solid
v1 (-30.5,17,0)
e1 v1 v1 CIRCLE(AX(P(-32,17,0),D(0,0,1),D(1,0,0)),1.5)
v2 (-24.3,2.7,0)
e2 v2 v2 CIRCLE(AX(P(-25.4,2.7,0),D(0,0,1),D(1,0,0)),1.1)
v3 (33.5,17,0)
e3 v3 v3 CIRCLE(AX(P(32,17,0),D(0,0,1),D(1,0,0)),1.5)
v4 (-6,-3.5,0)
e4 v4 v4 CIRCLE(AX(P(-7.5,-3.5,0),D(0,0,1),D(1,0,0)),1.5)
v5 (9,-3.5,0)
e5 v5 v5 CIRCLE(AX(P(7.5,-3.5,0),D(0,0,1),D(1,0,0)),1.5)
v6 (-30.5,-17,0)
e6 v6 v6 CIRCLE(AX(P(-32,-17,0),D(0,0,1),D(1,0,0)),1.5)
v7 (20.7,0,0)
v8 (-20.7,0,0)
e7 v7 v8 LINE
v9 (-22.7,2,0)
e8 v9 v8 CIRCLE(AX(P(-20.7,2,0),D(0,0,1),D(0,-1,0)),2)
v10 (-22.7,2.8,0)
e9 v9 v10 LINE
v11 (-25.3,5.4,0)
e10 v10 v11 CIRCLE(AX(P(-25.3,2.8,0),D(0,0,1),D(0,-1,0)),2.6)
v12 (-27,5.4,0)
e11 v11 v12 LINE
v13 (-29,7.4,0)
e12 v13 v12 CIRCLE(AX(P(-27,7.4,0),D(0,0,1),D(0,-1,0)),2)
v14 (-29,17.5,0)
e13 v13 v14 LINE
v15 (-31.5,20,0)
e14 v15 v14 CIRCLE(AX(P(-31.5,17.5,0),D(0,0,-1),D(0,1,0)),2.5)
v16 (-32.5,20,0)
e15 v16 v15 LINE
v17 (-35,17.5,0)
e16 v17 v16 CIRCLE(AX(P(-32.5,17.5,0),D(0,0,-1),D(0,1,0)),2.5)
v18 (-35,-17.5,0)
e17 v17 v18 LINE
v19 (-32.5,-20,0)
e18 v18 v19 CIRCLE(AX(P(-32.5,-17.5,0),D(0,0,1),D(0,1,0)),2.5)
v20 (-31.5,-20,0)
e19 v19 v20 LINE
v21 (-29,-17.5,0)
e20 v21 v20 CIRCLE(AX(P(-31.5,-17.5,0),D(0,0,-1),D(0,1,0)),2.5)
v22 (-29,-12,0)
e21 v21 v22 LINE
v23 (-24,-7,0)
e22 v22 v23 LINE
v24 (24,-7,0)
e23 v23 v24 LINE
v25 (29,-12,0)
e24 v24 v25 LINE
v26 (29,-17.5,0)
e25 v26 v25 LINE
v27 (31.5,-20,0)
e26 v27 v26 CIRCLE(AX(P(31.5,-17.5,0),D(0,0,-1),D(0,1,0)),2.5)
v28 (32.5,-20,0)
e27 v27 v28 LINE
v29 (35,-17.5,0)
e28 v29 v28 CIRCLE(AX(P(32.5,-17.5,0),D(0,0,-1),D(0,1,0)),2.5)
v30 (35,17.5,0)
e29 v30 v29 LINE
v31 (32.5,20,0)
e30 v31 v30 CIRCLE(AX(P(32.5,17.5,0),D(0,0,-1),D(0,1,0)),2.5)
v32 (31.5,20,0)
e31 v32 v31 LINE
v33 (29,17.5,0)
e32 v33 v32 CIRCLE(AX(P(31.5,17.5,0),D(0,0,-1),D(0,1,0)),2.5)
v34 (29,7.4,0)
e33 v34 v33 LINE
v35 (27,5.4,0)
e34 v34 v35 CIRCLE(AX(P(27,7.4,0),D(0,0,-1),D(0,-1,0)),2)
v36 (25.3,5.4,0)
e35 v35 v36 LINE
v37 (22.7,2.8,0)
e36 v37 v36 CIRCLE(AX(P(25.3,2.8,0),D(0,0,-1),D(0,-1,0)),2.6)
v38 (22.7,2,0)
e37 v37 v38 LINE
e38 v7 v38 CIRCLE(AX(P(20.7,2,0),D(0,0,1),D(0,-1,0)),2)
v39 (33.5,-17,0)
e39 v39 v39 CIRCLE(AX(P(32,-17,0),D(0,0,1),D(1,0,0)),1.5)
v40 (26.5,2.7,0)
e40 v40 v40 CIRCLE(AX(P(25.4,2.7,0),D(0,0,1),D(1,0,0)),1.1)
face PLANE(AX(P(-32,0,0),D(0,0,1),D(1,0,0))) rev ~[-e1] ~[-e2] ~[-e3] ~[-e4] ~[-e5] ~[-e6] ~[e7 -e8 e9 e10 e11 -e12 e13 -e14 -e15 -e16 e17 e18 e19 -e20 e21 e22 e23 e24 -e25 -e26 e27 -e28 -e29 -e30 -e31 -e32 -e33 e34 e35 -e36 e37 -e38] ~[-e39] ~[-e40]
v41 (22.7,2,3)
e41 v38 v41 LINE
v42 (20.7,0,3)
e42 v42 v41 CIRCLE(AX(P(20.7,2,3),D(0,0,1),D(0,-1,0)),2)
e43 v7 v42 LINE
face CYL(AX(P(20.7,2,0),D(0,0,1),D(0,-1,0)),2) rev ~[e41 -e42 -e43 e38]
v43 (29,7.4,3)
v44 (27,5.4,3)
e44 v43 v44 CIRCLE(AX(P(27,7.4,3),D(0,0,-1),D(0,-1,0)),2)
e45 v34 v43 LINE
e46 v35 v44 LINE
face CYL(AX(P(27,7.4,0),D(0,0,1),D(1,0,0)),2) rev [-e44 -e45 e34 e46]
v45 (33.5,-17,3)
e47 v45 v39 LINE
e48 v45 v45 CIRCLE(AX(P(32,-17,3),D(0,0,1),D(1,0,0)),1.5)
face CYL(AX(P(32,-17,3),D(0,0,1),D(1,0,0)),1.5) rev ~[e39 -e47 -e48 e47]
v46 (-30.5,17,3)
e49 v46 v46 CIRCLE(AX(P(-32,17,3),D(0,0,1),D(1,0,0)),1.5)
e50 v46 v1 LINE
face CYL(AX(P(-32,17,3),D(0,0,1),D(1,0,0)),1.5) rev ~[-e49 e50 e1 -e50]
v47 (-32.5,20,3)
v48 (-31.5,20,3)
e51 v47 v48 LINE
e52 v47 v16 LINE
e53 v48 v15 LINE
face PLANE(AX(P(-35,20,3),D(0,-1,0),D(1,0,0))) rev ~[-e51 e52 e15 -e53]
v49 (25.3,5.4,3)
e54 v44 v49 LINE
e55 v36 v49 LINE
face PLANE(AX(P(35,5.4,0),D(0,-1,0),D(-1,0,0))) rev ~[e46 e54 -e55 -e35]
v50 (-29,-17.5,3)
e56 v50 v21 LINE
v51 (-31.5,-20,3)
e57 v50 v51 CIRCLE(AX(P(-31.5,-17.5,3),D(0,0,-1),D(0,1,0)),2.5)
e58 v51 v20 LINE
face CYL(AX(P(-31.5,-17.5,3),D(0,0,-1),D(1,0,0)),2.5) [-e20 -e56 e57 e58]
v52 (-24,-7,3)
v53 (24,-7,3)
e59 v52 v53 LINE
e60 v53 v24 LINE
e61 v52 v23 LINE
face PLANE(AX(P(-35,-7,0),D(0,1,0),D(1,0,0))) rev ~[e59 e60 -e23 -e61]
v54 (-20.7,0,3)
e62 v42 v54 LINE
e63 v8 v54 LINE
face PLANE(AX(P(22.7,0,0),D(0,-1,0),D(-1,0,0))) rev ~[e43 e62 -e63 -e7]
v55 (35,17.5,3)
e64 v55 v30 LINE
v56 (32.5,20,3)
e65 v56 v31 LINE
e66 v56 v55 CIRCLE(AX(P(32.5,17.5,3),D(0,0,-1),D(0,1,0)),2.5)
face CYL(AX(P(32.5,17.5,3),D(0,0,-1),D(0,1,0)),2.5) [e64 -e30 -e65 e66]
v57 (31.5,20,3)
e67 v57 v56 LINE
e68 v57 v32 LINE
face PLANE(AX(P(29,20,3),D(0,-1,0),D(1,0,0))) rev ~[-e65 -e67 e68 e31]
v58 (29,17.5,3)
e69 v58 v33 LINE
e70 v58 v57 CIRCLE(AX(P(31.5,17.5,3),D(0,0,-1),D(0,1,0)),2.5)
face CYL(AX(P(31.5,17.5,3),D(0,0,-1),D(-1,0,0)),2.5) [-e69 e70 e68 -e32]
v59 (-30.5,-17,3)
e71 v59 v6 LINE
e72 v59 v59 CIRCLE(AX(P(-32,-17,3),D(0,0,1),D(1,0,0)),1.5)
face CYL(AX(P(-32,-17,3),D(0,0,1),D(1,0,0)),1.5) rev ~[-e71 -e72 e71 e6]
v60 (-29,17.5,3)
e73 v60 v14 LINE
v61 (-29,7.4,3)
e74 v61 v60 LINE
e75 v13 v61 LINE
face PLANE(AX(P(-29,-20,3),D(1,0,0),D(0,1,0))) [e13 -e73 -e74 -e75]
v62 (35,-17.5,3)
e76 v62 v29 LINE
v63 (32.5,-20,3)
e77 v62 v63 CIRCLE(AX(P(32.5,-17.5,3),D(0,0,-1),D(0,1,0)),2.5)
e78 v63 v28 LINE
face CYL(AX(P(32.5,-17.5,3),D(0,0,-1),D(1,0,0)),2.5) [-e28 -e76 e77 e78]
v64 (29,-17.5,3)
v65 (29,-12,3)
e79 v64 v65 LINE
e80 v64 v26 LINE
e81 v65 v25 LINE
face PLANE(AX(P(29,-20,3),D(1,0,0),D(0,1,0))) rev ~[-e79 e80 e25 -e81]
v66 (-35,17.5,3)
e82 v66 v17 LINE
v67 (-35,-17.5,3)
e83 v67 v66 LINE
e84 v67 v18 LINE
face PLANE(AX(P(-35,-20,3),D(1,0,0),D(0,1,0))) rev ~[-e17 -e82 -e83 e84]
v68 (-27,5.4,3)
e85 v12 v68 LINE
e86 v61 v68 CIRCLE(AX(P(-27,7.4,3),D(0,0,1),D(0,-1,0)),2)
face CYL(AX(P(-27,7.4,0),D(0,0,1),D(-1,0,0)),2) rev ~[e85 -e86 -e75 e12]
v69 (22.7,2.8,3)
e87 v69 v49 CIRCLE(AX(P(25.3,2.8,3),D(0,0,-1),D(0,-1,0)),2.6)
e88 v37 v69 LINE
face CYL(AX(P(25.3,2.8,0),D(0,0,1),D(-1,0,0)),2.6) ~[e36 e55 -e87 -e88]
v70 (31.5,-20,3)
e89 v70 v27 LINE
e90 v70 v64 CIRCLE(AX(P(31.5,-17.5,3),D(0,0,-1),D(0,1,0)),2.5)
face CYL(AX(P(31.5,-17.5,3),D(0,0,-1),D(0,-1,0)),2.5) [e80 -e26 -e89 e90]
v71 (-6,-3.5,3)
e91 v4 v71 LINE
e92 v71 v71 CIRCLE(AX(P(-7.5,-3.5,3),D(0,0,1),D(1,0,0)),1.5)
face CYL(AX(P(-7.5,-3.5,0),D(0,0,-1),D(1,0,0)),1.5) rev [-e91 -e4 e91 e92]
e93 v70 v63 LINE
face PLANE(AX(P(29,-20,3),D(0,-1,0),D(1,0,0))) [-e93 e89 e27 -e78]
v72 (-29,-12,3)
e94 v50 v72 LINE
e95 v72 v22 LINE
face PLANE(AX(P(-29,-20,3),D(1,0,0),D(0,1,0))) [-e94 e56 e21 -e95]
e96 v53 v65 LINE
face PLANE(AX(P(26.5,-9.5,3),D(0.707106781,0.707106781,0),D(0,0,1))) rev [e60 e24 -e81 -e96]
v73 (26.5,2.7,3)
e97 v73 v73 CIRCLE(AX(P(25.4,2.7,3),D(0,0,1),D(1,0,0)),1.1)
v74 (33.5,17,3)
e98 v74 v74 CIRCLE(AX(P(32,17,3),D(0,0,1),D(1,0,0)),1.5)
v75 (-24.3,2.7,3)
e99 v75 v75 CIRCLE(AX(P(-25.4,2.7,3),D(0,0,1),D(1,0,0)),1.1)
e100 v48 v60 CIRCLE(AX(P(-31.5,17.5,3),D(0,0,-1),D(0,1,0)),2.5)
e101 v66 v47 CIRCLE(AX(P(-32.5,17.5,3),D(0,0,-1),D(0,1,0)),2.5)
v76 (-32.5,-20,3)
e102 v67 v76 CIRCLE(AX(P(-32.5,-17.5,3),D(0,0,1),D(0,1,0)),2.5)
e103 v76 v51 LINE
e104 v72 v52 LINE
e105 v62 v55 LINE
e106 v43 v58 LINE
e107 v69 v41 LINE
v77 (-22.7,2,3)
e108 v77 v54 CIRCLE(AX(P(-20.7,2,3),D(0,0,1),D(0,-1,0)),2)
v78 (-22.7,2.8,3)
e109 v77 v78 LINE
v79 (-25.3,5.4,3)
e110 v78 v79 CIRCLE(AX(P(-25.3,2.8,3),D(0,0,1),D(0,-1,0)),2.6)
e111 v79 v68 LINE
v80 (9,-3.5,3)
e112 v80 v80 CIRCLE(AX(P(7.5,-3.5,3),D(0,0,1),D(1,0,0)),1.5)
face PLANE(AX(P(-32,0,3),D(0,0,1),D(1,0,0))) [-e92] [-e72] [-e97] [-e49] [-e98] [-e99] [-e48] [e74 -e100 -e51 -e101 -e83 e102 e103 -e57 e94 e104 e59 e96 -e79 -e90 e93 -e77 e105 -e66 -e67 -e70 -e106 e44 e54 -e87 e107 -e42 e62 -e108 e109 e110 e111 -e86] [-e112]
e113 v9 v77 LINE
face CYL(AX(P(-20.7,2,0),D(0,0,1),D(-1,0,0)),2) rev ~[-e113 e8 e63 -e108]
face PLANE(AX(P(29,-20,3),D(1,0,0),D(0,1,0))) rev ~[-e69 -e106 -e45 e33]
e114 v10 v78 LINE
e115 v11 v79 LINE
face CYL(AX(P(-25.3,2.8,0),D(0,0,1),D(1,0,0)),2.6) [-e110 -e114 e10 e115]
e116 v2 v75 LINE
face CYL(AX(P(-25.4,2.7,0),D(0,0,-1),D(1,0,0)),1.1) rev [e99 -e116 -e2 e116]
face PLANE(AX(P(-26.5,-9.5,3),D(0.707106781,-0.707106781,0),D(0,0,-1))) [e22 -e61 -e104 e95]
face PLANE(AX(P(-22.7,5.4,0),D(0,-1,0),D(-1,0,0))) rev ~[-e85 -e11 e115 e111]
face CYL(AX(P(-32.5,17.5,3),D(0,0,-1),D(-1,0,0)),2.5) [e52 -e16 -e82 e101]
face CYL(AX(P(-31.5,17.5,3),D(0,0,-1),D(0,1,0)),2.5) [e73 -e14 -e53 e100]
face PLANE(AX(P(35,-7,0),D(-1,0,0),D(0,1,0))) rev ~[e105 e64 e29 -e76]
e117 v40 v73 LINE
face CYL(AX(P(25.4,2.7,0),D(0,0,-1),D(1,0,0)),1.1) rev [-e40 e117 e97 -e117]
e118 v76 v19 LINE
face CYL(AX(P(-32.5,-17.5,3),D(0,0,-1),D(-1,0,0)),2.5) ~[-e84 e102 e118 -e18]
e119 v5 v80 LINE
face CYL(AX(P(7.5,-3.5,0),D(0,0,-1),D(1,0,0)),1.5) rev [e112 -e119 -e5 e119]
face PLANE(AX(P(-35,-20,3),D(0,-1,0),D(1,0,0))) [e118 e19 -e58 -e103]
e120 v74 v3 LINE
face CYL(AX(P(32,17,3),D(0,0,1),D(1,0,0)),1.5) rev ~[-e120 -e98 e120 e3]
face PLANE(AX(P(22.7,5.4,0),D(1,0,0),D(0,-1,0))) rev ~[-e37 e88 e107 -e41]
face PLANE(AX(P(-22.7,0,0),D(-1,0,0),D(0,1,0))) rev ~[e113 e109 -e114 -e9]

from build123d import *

# Parameters (mm, degrees)
SKETCH_R     = 1.5
SKETCH_R_2   = 1.1
PAD_DEPTH    = 3
FILLET_R     = 2.6
SKETCH001_W  = 6
SKETCH001_H  = 40
SKETCH001_R  = 1.5
PAD001_DEPTH = 3
FILLET001_R  = 2.5
CHAMFER_SIZE = 5
FILLET002_R  = 2


with BuildPart() as part:
    # Sketch → Pad (new body)
    with BuildSketch(Plane.XY):
        Polygon((-22.7, 0), (-22.7, 5.4), (-35, 5.4), (-35, -7), (35, -7), (35, 5.4), (22.7, 5.4), (22.7, 0), align=None)
        with Locations((-7.5, -3.5)):
            Circle(SKETCH_R, mode=Mode.SUBTRACT)
        with Locations((7.5, -3.5)):
            Circle(SKETCH_R, mode=Mode.SUBTRACT)
        with Locations((-25.4, 2.7)):
            Circle(SKETCH_R_2, mode=Mode.SUBTRACT)
        with Locations((25.4, 2.7)):
            Circle(SKETCH_R_2, mode=Mode.SUBTRACT)
    extrude(amount=PAD_DEPTH)

    # Fillet
    fillet_edges = [part.edges().sort_by_distance(p)[0] for p in [
        (-22.7, 5.4, 1.5),
        (22.7, 5.4, 1.5),
    ]]
    fillet(fillet_edges, radius=FILLET_R)

    # Sketch001 → Pad001 (new body)
    with BuildSketch(Plane.XY.offset(3)):
        with Locations((-32, 0)):
            Rectangle(SKETCH001_W, SKETCH001_H)
        with Locations((-32, 17)):
            Circle(SKETCH001_R, mode=Mode.SUBTRACT)
        with Locations((-32, -17)):
            Circle(SKETCH001_R, mode=Mode.SUBTRACT)
        with Locations((32, 0)):
            Rectangle(SKETCH001_W, SKETCH001_H)
        with Locations((32, 17)):
            Circle(SKETCH001_R, mode=Mode.SUBTRACT)
        with Locations((32, -17)):
            Circle(SKETCH001_R, mode=Mode.SUBTRACT)
    extrude(amount=-PAD001_DEPTH)

    # Fillet001
    fillet001_edges = [part.edges().sort_by_distance(p)[0] for p in [
        (-35, -20, 1.5),
        (-29, -20, 1.5),
        (29, -20, 1.5),
        (35, -20, 1.5),
        (35, 20, 1.5),
        (29, 20, 1.5),
        (-29, 20, 1.5),
        (-35, 20, 1.5),
    ]]
    fillet(fillet001_edges, radius=FILLET001_R)

    # Chamfer
    chamfer_edges = [part.edges().sort_by_distance(p)[0] for p in [
        (-29, -7, 1.5),
        (29, -7, 1.5),
    ]]
    chamfer(chamfer_edges, length=CHAMFER_SIZE)

    # Fillet002
    fillet002_edges = [part.edges().sort_by_distance(p)[0] for p in [
        (-29, 5.4, 1.5),
        (-22.7, 0, 1.5),
        (22.7, 0, 1.5),
        (29, 5.4, 1.5),
    ]]
    fillet(fillet002_edges, radius=FILLET002_R)


solid = part.part
